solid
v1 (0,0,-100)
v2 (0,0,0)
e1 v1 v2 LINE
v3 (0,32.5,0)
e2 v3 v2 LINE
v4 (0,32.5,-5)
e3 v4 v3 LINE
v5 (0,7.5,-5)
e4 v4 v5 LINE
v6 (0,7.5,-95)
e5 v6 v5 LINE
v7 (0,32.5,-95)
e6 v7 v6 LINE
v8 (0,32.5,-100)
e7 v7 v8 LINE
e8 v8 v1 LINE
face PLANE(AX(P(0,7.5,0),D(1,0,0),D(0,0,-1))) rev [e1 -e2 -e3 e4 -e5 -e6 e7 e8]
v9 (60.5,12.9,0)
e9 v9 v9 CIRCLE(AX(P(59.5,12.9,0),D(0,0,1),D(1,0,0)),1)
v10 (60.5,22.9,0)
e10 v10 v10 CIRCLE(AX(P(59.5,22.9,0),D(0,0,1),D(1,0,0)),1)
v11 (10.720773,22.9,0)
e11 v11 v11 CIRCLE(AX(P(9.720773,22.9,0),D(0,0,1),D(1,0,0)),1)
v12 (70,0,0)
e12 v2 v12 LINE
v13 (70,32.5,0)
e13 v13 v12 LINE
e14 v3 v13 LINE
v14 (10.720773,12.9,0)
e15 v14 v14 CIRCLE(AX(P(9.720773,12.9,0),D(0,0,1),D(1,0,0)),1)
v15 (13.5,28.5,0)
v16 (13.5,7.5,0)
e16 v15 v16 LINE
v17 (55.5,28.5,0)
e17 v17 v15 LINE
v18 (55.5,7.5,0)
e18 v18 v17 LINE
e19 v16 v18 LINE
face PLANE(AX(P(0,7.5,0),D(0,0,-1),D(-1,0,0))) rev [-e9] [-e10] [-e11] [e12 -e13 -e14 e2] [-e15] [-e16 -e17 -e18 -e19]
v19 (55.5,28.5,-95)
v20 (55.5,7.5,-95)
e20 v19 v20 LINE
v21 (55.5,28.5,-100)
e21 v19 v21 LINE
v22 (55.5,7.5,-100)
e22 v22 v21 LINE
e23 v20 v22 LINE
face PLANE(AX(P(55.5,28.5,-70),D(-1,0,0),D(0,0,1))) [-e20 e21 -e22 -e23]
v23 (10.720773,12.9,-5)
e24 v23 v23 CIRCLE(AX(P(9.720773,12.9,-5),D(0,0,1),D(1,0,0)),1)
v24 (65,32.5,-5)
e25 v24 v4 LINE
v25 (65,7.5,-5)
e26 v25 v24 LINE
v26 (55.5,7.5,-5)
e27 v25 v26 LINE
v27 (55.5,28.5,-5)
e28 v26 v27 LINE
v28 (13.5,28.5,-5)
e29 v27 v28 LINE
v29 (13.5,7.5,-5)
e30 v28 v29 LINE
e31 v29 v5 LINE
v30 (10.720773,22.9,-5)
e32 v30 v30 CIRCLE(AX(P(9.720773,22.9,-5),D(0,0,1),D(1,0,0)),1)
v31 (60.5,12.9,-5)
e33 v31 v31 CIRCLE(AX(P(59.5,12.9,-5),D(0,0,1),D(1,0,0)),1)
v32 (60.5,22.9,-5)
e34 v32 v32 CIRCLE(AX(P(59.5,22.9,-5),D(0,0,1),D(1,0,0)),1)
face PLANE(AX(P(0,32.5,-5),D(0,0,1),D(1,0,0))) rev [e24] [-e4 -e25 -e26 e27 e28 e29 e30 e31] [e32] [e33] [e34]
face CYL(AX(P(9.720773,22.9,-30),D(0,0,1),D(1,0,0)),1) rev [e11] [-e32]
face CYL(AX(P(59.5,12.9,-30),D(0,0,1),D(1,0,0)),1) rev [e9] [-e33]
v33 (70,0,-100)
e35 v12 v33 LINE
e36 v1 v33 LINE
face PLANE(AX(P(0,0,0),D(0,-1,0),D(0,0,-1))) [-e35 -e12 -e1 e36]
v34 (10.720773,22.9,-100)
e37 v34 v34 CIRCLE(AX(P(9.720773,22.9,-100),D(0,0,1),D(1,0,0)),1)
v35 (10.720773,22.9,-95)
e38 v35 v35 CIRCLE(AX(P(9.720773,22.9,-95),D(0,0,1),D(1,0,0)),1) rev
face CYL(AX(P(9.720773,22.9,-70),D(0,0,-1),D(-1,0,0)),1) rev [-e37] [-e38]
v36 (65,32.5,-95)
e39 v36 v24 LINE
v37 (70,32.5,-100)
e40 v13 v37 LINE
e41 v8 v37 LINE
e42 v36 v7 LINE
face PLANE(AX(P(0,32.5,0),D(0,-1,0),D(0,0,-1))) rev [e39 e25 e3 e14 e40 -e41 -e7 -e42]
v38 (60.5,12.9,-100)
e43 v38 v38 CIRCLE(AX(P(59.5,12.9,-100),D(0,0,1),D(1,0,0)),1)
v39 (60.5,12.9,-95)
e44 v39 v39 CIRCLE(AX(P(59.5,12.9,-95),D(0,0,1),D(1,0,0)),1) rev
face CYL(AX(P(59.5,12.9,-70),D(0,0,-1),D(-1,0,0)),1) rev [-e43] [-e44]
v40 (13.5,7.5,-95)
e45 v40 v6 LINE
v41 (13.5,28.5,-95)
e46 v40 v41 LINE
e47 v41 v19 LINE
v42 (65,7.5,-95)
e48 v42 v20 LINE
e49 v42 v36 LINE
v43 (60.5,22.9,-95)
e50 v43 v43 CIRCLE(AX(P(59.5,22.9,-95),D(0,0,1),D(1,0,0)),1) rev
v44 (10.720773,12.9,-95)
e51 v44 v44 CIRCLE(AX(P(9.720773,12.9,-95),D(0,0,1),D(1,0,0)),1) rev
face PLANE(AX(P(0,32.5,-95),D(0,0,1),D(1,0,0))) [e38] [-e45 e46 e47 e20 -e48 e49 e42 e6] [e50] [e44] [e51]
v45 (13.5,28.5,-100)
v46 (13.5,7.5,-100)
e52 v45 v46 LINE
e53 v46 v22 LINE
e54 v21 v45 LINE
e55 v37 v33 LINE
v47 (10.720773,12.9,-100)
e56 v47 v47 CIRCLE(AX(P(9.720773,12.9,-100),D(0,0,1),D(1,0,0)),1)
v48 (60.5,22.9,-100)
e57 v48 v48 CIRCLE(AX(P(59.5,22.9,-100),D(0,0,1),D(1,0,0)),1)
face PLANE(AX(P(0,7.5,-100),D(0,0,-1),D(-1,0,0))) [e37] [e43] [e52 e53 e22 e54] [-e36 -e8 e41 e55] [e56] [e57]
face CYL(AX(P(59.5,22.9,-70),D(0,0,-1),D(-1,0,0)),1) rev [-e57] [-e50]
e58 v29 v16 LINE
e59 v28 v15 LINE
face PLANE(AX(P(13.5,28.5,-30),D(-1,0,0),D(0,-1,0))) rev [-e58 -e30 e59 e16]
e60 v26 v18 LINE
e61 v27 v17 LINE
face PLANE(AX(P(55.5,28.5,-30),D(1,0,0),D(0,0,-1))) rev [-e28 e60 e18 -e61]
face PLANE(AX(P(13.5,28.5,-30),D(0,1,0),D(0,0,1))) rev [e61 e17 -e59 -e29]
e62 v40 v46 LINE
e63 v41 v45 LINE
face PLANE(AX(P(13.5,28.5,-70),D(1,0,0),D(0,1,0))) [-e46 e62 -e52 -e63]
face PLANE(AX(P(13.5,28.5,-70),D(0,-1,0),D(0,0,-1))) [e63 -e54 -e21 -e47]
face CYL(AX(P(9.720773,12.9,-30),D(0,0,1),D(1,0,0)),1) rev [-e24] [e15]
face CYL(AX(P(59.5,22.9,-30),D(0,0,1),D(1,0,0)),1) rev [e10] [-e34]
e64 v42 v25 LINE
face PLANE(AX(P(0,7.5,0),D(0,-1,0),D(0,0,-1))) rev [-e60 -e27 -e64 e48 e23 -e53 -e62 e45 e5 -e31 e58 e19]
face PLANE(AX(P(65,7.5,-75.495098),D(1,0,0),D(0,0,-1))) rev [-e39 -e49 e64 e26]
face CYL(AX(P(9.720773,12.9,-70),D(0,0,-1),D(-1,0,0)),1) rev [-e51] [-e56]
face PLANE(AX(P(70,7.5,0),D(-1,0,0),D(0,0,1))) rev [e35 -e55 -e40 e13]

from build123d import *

# Parameters (mm, degrees)
SKETCH1_W            = 70
SKETCH1_H            = 50
BOSS_EXTRUDE1_DEPTH  = 7.5
SKETCH2_W            = 70
SKETCH2_H            = 5
BOSS_EXTRUDE2_DEPTH  = 25
SKETCH3_R            = 1
SKETCH3_W            = 42
SKETCH3_H            = 21
CUT_EXTRUDE1_DEPTH   = 30
SKETCH27_W           = 5
SKETCH27_H           = 25
BOSS_EXTRUDE18_DEPTH = 45


with BuildPart() as part:
    # Sketch1 → Boss-Extrude1 (new body)
    with BuildSketch(Plane(origin=(0, 0, 0), x_dir=(1, 0, 0), z_dir=(0, 1, 0))):
        with Locations((35, 25)):
            Rectangle(SKETCH1_W, SKETCH1_H)
    boss_extrude1 = extrude(amount=BOSS_EXTRUDE1_DEPTH)

    # Sketch2 → Boss-Extrude2 (add)
    with BuildSketch(Plane(origin=(0, 7.5, 0), x_dir=(1, 0, 0), z_dir=(0, 1, 0))):
        with Locations((35, 2.5)):
            Rectangle(SKETCH2_W, SKETCH2_H)
    boss_extrude2 = extrude(amount=BOSS_EXTRUDE2_DEPTH)

    # Sketch3 → Cut-Extrude1 (cut)
    with BuildSketch(Plane.XY):
        with Locations((9.720773398, 22.9)):
            Circle(SKETCH3_R)
        with Locations((9.720773398, 12.9)):
            Circle(SKETCH3_R)
        with Locations((59.5, 12.9)):
            Circle(SKETCH3_R)
        with Locations((59.5, 22.9)):
            Circle(SKETCH3_R)
        with Locations((34.5, 18)):
            Rectangle(SKETCH3_W, SKETCH3_H)
    cut_extrude1 = extrude(amount=-CUT_EXTRUDE1_DEPTH, mode=Mode.SUBTRACT)

    # Sketch27 → Boss-Extrude18 (add)
    with BuildSketch(Plane(origin=(0, 0, -5), x_dir=(-1, 0, 0), z_dir=(0, 0, -1))):
        with Locations((-67.5, 20)):
            Rectangle(SKETCH27_W, SKETCH27_H)
    boss_extrude18 = extrude(amount=BOSS_EXTRUDE18_DEPTH)

    # Mirror1: Boss-Extrude1, Boss-Extrude2, Cut-Extrude1, Boss-Extrude18 across plane
    add(boss_extrude1.mirror(Plane(origin=(0, 0, -50), x_dir=(1, 0, 0), z_dir=(0, 0, -1))))
    add(boss_extrude2.mirror(Plane(origin=(0, 0, -50), x_dir=(1, 0, 0), z_dir=(0, 0, -1))))
    add(cut_extrude1.mirror(Plane(origin=(0, 0, -50), x_dir=(1, 0, 0), z_dir=(0, 0, -1))), mode=Mode.SUBTRACT)
    add(boss_extrude18.mirror(Plane(origin=(0, 0, -50), x_dir=(1, 0, 0), z_dir=(0, 0, -1))))


solid = part.part
